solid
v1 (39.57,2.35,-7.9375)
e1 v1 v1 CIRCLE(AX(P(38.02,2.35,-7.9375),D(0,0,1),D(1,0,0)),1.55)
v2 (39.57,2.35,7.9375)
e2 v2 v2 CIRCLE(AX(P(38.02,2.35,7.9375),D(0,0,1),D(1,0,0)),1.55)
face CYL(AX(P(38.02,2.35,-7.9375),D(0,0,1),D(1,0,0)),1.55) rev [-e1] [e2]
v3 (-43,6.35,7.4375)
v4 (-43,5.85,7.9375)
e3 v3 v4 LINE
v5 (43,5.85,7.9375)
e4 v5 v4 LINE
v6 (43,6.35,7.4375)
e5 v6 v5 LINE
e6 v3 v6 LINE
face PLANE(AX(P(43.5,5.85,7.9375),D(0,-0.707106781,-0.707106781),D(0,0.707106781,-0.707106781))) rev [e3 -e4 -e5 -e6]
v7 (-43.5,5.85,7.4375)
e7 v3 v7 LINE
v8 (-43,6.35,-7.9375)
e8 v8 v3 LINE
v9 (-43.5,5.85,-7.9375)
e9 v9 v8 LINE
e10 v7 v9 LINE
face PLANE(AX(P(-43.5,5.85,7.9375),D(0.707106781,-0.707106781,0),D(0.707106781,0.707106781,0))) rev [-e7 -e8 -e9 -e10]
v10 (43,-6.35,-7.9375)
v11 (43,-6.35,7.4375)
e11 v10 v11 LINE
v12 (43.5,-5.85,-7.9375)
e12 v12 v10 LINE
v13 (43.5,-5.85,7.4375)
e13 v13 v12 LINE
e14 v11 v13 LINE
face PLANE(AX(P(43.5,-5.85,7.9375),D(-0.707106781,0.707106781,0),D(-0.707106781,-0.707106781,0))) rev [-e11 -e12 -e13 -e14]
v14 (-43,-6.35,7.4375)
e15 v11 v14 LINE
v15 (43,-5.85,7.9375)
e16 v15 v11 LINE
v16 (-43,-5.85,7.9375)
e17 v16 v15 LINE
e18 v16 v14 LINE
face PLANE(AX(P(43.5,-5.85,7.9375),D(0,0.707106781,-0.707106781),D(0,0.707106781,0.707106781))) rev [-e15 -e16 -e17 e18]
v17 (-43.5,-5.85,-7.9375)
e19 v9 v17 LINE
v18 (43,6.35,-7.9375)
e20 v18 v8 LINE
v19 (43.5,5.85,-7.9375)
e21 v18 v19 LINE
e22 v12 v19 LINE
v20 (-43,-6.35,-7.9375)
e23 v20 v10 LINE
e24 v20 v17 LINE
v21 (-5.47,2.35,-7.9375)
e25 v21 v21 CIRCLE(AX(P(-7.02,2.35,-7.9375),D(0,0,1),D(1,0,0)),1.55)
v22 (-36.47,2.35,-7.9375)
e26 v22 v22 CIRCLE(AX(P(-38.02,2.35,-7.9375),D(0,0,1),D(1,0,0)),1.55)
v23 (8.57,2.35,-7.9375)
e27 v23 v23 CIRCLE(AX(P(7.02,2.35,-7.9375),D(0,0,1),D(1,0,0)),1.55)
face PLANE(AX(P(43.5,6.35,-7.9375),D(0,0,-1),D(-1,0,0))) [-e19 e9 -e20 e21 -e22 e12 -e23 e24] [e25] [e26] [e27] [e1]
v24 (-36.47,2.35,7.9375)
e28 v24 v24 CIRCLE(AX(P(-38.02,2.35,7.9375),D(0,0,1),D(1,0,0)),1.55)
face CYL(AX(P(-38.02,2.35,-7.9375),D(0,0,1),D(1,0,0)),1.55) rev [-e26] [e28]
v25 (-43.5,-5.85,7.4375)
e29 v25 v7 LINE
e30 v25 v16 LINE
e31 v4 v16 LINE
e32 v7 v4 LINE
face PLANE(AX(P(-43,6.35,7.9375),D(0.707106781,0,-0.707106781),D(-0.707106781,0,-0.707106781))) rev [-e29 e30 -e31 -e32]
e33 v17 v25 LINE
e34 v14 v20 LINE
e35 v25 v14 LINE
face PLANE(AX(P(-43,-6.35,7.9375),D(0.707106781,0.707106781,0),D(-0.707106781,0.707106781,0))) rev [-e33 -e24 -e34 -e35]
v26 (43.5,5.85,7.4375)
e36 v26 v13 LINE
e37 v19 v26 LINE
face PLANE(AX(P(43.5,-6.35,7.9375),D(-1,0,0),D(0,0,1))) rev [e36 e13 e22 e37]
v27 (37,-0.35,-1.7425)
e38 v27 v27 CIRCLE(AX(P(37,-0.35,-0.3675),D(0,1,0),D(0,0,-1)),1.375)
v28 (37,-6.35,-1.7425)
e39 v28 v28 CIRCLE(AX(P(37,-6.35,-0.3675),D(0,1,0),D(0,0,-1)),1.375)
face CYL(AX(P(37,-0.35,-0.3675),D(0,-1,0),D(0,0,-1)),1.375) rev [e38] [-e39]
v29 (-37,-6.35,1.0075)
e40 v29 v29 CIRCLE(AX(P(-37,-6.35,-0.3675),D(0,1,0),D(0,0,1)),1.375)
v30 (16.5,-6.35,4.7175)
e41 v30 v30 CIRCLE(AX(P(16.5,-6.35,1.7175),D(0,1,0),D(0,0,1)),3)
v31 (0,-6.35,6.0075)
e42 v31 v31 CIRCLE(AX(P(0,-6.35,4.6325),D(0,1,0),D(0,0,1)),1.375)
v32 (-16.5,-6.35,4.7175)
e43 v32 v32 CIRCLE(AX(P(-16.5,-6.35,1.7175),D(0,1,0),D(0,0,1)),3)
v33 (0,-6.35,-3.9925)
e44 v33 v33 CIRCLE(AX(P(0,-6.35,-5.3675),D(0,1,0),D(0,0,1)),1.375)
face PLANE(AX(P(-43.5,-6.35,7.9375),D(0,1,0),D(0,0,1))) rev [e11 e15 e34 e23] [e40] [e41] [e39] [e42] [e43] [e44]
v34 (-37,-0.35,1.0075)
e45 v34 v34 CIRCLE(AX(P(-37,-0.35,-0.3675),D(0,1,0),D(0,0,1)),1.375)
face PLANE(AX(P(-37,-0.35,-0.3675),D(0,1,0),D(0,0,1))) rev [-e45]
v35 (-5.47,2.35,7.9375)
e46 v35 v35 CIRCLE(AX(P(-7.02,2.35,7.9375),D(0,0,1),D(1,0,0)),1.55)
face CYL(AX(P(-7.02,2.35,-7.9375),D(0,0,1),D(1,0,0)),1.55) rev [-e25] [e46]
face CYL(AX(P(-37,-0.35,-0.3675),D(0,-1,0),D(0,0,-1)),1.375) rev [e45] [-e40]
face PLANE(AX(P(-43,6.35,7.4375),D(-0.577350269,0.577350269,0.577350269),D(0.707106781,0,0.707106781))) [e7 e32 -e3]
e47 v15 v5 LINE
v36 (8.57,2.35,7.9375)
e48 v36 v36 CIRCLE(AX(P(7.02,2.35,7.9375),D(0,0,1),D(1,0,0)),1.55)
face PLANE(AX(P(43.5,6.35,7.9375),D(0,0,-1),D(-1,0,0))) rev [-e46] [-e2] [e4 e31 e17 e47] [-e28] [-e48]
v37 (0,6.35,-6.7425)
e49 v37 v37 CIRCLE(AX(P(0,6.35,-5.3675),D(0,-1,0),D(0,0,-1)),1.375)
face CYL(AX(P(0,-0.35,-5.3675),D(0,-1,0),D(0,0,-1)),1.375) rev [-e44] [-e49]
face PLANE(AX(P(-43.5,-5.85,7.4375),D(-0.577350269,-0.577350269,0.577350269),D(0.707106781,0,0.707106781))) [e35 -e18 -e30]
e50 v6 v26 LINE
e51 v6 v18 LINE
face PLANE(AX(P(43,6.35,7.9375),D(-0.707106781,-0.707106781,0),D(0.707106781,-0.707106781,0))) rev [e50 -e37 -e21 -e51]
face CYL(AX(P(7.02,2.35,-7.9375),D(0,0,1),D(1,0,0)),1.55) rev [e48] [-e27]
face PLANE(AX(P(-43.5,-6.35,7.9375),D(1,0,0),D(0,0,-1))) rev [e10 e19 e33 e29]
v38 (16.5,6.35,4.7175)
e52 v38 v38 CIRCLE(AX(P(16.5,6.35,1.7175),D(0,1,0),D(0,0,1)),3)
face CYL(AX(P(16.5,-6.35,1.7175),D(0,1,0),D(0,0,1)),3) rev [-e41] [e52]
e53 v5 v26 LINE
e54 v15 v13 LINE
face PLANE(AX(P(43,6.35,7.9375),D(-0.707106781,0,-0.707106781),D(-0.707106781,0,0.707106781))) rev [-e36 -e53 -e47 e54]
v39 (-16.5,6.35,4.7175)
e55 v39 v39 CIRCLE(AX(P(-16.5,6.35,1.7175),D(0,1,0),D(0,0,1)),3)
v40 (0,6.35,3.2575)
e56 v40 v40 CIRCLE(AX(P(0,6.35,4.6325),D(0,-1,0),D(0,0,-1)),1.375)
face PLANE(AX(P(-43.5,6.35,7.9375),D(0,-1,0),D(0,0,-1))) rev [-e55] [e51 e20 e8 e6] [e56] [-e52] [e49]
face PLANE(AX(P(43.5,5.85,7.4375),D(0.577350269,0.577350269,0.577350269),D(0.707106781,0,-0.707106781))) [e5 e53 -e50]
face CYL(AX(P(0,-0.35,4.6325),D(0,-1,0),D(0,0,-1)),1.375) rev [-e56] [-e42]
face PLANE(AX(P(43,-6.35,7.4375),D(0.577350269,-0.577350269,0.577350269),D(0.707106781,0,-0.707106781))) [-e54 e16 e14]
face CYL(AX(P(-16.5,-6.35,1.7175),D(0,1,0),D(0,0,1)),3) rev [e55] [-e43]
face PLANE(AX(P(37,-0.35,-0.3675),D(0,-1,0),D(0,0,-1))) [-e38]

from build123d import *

# Parameters (mm, degrees)
SKETCH1_W           = 87
SKETCH1_H           = 12.7
BOSS_EXTRUDE1_DEPTH = 7.9375
SKETCH4_R           = 3
CUT_EXTRUDE2_DEPTH  = 47.005911645
SKETCH2_R           = 1.55
CUT_EXTRUDE1_DEPTH  = 47.739577715
CHAMFER3_SIZE       = 0.5
SKETCH5_R           = 1.375
CUT_EXTRUDE3_DEPTH  = 6
SKETCH6_R           = 1.375
CUT_EXTRUDE4_DEPTH  = 47.005911645


with BuildPart() as part:
    # Sketch1 → Boss-Extrude1 (new, symmetric)
    with BuildSketch(Plane.XY):
        Rectangle(SKETCH1_W, SKETCH1_H)
    extrude(amount=BOSS_EXTRUDE1_DEPTH, both=True)

    # Sketch4 → Cut-Extrude2 (cut, through all)
    with BuildSketch(Plane(origin=(0, 6.35, 0), x_dir=(1, 0, 0), z_dir=(0, 1, 0))):
        with Locations(Location((16.5, -1.7175, 0), (0, 0, 270))):
            Circle(SKETCH4_R)
        with Locations(Location((-16.5, -1.7175, 0), (0, 0, 270))):
            Circle(SKETCH4_R)
    extrude(amount=-CUT_EXTRUDE2_DEPTH, mode=Mode.SUBTRACT)

    # Sketch2 → Cut-Extrude1 (cut, through all)
    with BuildSketch(Plane.XY.offset(7.9375)):
        with Locations((-38.02, 2.35)):
            Circle(SKETCH2_R)
        with Locations((7.02, 2.35)):
            Circle(SKETCH2_R)
        with Locations((-7.02, 2.35)):
            Circle(SKETCH2_R)
        with Locations((38.02, 2.35)):
            Circle(SKETCH2_R)
    extrude(amount=-CUT_EXTRUDE1_DEPTH, mode=Mode.SUBTRACT)

    # Chamfer3
    chamfer3_edges = [part.edges().sort_by_distance(p)[0] for p in [
        (-43.5, 0, 7.9375),
        (0, -6.35, 7.9375),
        (43.5, 0, 7.9375),
        (0, 6.35, 7.9375),
        (43.5, -6.35, 0),
        (-43.5, -6.35, 0),
        (-43.5, 6.35, 0),
        (43.5, 6.35, 0),
    ]]
    chamfer(chamfer3_edges, length=CHAMFER3_SIZE)

    # Sketch5 → Cut-Extrude3 (cut)
    with BuildSketch(Plane(origin=(0, -6.35, 0), x_dir=(1, 0, 0), z_dir=(0, 1, 0))):
        with Locations(Location((-37, 0.3675, 0), (0, 0, 270))):
            Circle(SKETCH5_R)
        with Locations(Location((0, 5.3675, 0), (0, 0, 270))):
            Circle(SKETCH5_R)
        with Locations(Location((37, 0.3675, 0), (0, 0, 90))):
            Circle(SKETCH5_R)
        with Locations(Location((0, -4.6325, 0), (0, 0, 270))):
            Circle(SKETCH5_R)
    extrude(amount=CUT_EXTRUDE3_DEPTH, mode=Mode.SUBTRACT)

    # Sketch6 → Cut-Extrude4 (cut, through all)
    with BuildSketch(Plane.XZ.offset(6.35)):
        with Locations(Location((0, 4.6325, 0), (0, 0, 270))):
            Circle(SKETCH6_R)
        with Locations(Location((0, -5.3675, 0), (0, 0, 270))):
            Circle(SKETCH6_R)
    extrude(amount=-CUT_EXTRUDE4_DEPTH, mode=Mode.SUBTRACT)


solid = part.part
